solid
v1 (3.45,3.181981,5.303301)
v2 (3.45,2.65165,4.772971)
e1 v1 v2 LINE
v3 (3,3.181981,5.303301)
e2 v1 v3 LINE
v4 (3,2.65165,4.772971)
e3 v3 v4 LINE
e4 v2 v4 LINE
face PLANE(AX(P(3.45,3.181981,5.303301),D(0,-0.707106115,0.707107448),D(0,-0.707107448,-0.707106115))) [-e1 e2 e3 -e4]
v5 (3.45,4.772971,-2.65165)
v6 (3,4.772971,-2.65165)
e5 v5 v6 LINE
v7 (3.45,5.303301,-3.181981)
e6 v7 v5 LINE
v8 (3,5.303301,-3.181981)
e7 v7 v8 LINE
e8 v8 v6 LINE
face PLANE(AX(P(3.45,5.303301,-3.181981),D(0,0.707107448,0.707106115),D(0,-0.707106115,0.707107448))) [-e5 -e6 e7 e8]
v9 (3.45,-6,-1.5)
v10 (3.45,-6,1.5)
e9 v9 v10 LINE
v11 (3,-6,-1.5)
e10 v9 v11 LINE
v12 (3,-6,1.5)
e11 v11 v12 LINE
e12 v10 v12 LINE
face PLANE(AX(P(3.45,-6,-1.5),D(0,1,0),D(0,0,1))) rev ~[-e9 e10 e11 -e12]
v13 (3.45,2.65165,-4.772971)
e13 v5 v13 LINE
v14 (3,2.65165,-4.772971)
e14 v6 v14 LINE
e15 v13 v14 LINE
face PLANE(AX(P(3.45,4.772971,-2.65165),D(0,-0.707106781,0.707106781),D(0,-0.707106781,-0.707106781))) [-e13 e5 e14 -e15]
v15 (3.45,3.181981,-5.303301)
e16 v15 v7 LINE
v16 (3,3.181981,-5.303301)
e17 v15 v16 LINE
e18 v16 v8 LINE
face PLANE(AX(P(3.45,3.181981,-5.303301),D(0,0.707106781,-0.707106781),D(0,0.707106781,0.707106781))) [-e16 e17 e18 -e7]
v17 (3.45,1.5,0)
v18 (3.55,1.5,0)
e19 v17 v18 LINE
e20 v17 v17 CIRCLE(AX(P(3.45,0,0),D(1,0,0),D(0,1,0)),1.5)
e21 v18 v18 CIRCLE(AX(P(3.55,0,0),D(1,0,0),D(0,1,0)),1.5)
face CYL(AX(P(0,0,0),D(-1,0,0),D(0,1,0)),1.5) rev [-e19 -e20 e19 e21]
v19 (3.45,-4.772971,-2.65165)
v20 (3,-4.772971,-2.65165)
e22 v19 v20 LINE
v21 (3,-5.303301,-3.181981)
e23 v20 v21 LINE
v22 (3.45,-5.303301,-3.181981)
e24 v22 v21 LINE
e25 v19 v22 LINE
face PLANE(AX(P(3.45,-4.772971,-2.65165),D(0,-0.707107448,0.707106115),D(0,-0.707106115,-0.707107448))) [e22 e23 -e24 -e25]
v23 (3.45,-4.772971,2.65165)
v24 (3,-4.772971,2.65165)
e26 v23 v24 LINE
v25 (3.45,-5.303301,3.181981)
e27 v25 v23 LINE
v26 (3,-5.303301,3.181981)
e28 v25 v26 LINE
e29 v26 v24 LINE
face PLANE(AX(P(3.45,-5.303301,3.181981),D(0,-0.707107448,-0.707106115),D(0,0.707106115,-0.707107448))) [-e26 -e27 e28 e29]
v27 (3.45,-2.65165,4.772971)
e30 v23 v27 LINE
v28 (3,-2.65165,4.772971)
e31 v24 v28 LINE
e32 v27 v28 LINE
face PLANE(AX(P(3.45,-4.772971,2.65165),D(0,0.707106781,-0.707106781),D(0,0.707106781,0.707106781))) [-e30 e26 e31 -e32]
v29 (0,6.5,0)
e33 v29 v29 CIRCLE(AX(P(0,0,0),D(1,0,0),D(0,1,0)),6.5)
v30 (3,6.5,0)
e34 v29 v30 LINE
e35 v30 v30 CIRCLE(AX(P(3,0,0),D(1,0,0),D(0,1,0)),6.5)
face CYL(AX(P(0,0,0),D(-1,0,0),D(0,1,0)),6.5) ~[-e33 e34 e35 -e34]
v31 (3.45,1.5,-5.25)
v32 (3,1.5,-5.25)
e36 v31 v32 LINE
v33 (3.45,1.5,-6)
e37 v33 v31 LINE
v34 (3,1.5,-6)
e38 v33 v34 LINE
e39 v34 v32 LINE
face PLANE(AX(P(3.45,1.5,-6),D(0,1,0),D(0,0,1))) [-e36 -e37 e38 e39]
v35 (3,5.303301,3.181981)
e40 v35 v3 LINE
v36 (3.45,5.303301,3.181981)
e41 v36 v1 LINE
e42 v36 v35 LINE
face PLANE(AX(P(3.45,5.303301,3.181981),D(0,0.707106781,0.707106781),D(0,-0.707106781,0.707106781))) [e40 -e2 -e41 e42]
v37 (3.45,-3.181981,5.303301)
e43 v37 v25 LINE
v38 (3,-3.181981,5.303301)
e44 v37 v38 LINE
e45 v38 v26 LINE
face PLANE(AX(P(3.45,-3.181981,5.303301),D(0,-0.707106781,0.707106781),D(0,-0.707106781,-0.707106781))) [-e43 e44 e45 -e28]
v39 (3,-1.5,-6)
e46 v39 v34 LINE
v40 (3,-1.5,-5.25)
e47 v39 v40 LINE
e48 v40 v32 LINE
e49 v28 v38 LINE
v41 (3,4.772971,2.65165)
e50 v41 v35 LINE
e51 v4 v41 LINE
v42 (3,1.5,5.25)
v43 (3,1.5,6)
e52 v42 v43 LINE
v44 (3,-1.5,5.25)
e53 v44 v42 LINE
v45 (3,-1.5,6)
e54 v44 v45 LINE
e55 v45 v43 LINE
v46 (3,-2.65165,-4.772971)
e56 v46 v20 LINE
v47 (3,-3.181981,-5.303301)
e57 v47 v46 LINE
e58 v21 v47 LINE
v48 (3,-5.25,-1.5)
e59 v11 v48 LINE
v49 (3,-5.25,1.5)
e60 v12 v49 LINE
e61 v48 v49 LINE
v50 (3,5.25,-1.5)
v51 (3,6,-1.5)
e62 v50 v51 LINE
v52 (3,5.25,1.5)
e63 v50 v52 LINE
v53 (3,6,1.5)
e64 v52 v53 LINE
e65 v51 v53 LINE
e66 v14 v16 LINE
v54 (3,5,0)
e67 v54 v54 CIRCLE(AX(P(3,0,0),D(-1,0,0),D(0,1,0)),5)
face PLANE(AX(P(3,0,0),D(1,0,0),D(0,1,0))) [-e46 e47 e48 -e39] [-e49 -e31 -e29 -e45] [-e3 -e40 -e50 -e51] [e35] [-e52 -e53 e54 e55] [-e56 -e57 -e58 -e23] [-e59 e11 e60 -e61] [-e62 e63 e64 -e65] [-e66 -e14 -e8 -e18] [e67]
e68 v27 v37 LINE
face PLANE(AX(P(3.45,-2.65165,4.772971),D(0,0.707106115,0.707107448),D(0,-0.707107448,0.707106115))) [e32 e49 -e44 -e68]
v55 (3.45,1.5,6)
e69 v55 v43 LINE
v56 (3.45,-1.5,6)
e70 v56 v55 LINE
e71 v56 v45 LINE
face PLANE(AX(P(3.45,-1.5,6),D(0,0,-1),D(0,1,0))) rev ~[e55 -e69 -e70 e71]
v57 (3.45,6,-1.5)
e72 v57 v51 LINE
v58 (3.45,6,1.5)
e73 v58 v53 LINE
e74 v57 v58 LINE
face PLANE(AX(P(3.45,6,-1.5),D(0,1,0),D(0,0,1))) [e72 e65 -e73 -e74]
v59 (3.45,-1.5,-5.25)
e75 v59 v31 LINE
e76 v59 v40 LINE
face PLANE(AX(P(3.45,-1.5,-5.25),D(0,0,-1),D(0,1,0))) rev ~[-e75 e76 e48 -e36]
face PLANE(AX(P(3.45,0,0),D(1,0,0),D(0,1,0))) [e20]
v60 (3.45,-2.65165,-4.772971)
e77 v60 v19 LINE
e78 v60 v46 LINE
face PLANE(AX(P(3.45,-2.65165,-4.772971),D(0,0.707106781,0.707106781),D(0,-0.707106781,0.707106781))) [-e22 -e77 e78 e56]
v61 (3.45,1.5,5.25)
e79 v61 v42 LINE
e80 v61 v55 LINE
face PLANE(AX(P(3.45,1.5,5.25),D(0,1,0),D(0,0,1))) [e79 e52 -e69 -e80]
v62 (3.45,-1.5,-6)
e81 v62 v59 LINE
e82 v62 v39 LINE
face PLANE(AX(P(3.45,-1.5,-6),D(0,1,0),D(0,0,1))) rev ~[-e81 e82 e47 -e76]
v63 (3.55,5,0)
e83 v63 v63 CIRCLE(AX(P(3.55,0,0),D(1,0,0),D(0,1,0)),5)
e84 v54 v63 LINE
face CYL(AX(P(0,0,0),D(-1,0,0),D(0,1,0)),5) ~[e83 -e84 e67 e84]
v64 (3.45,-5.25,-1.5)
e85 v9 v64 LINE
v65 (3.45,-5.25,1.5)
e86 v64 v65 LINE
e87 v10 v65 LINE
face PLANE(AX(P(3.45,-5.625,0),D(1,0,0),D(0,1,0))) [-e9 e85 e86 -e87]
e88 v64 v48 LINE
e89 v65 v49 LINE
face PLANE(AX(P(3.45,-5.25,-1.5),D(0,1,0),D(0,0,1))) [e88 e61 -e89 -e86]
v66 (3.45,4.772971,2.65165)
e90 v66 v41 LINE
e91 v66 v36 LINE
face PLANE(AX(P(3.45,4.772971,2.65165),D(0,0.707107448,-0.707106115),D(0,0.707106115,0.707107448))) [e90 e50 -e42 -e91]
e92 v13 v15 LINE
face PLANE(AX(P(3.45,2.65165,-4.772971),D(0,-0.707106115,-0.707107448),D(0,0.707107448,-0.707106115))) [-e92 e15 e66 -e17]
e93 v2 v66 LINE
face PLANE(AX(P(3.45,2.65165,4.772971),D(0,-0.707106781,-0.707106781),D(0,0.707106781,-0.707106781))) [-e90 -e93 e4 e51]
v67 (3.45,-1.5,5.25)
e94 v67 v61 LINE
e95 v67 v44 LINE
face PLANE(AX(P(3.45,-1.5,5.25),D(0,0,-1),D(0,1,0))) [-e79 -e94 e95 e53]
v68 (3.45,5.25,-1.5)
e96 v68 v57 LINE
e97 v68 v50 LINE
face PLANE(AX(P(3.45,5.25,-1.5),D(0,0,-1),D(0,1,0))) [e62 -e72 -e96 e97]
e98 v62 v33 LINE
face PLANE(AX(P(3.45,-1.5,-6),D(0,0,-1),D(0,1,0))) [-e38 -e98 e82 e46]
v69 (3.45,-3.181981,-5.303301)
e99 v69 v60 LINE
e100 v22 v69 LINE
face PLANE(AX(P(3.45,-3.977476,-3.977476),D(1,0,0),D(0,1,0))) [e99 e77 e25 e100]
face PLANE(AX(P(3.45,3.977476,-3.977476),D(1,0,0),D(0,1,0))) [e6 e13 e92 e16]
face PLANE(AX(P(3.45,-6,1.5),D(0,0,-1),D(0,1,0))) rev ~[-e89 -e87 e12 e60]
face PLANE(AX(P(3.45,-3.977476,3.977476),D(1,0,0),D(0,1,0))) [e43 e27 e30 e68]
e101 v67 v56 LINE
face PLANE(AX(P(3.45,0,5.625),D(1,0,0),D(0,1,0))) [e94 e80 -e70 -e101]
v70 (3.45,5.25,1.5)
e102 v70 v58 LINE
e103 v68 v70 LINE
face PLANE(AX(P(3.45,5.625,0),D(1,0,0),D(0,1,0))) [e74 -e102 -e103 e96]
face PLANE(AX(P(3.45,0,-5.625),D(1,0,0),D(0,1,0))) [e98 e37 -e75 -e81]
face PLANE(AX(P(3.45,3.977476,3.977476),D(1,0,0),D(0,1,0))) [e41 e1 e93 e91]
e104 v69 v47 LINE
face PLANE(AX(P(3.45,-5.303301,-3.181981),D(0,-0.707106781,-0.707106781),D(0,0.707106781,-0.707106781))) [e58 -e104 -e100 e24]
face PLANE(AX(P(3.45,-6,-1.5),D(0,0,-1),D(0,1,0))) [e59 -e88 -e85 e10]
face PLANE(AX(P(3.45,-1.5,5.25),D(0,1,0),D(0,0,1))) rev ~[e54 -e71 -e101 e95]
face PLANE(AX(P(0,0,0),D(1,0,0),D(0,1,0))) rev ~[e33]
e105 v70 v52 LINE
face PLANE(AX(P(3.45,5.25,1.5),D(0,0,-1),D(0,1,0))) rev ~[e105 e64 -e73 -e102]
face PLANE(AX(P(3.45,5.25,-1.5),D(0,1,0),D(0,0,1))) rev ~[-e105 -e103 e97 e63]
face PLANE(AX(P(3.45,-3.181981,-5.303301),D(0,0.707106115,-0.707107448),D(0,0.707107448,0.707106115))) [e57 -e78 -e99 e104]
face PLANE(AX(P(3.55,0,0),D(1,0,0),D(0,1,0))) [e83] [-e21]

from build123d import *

# Parameters (mm, degrees)
F0_R     = 6.5
F0_R_2   = 5
F0_R_3   = 1.5
F1_DEPTH = 3
F2_DEPTH = 3.55
F3_DEPTH = 3.45
F4_W     = 3
F4_H     = 0.75
F4_W_2   = 0.75
F4_H_2   = 3
F5_DEPTH = 0.45


with BuildPart() as f1:
    # F0 (on Right) → F1 (new body)
    with BuildSketch(Plane.YZ):
        Circle(F0_R)
        Circle(F0_R_2, mode=Mode.SUBTRACT)
        Circle(F0_R_2)
        Circle(F0_R_3, mode=Mode.SUBTRACT)
        Circle(F0_R_3)
    extrude(amount=F1_DEPTH)

    # F0 (on Right) → F2 (join)
    with BuildSketch(Plane.YZ):
        Circle(F0_R_2)
        Circle(F0_R_3, mode=Mode.SUBTRACT)
    extrude(amount=F2_DEPTH)

    # F0 (on Right) → F3 (join)
    with BuildSketch(Plane.YZ):
        Circle(F0_R_3)
    extrude(amount=F3_DEPTH)

    # F4 (on face) → F5 (join, through all)
    with BuildSketch(Plane.YZ.offset(3.45)):
        with Locations((0, 5.625)):
            Rectangle(F4_W, F4_H)
        Polygon((5.303301, 3.181981), (3.181981, 5.303301), (2.65165, 4.772971), (4.772971, 2.65165), align=None)
        with Locations((5.625, 0)):
            Rectangle(F4_W_2, F4_H_2)
        Polygon((3.181981, -5.303301), (5.303301, -3.181981), (4.772971, -2.65165), (2.65165, -4.772971), align=None)
        with Locations((0, -5.625)):
            Rectangle(F4_W, F4_H)
        Polygon((-5.303301, -3.181981), (-3.181981, -5.303301), (-2.65165, -4.772971), (-4.772971, -2.65165), align=None)
        with Locations((-5.625, 0)):
            Rectangle(F4_W_2, F4_H_2)
        Polygon((-3.181981, 5.303301), (-5.303301, 3.181981), (-4.772971, 2.65165), (-2.65165, 4.772971), align=None)
    extrude(amount=-F5_DEPTH)


solid = f1.part
